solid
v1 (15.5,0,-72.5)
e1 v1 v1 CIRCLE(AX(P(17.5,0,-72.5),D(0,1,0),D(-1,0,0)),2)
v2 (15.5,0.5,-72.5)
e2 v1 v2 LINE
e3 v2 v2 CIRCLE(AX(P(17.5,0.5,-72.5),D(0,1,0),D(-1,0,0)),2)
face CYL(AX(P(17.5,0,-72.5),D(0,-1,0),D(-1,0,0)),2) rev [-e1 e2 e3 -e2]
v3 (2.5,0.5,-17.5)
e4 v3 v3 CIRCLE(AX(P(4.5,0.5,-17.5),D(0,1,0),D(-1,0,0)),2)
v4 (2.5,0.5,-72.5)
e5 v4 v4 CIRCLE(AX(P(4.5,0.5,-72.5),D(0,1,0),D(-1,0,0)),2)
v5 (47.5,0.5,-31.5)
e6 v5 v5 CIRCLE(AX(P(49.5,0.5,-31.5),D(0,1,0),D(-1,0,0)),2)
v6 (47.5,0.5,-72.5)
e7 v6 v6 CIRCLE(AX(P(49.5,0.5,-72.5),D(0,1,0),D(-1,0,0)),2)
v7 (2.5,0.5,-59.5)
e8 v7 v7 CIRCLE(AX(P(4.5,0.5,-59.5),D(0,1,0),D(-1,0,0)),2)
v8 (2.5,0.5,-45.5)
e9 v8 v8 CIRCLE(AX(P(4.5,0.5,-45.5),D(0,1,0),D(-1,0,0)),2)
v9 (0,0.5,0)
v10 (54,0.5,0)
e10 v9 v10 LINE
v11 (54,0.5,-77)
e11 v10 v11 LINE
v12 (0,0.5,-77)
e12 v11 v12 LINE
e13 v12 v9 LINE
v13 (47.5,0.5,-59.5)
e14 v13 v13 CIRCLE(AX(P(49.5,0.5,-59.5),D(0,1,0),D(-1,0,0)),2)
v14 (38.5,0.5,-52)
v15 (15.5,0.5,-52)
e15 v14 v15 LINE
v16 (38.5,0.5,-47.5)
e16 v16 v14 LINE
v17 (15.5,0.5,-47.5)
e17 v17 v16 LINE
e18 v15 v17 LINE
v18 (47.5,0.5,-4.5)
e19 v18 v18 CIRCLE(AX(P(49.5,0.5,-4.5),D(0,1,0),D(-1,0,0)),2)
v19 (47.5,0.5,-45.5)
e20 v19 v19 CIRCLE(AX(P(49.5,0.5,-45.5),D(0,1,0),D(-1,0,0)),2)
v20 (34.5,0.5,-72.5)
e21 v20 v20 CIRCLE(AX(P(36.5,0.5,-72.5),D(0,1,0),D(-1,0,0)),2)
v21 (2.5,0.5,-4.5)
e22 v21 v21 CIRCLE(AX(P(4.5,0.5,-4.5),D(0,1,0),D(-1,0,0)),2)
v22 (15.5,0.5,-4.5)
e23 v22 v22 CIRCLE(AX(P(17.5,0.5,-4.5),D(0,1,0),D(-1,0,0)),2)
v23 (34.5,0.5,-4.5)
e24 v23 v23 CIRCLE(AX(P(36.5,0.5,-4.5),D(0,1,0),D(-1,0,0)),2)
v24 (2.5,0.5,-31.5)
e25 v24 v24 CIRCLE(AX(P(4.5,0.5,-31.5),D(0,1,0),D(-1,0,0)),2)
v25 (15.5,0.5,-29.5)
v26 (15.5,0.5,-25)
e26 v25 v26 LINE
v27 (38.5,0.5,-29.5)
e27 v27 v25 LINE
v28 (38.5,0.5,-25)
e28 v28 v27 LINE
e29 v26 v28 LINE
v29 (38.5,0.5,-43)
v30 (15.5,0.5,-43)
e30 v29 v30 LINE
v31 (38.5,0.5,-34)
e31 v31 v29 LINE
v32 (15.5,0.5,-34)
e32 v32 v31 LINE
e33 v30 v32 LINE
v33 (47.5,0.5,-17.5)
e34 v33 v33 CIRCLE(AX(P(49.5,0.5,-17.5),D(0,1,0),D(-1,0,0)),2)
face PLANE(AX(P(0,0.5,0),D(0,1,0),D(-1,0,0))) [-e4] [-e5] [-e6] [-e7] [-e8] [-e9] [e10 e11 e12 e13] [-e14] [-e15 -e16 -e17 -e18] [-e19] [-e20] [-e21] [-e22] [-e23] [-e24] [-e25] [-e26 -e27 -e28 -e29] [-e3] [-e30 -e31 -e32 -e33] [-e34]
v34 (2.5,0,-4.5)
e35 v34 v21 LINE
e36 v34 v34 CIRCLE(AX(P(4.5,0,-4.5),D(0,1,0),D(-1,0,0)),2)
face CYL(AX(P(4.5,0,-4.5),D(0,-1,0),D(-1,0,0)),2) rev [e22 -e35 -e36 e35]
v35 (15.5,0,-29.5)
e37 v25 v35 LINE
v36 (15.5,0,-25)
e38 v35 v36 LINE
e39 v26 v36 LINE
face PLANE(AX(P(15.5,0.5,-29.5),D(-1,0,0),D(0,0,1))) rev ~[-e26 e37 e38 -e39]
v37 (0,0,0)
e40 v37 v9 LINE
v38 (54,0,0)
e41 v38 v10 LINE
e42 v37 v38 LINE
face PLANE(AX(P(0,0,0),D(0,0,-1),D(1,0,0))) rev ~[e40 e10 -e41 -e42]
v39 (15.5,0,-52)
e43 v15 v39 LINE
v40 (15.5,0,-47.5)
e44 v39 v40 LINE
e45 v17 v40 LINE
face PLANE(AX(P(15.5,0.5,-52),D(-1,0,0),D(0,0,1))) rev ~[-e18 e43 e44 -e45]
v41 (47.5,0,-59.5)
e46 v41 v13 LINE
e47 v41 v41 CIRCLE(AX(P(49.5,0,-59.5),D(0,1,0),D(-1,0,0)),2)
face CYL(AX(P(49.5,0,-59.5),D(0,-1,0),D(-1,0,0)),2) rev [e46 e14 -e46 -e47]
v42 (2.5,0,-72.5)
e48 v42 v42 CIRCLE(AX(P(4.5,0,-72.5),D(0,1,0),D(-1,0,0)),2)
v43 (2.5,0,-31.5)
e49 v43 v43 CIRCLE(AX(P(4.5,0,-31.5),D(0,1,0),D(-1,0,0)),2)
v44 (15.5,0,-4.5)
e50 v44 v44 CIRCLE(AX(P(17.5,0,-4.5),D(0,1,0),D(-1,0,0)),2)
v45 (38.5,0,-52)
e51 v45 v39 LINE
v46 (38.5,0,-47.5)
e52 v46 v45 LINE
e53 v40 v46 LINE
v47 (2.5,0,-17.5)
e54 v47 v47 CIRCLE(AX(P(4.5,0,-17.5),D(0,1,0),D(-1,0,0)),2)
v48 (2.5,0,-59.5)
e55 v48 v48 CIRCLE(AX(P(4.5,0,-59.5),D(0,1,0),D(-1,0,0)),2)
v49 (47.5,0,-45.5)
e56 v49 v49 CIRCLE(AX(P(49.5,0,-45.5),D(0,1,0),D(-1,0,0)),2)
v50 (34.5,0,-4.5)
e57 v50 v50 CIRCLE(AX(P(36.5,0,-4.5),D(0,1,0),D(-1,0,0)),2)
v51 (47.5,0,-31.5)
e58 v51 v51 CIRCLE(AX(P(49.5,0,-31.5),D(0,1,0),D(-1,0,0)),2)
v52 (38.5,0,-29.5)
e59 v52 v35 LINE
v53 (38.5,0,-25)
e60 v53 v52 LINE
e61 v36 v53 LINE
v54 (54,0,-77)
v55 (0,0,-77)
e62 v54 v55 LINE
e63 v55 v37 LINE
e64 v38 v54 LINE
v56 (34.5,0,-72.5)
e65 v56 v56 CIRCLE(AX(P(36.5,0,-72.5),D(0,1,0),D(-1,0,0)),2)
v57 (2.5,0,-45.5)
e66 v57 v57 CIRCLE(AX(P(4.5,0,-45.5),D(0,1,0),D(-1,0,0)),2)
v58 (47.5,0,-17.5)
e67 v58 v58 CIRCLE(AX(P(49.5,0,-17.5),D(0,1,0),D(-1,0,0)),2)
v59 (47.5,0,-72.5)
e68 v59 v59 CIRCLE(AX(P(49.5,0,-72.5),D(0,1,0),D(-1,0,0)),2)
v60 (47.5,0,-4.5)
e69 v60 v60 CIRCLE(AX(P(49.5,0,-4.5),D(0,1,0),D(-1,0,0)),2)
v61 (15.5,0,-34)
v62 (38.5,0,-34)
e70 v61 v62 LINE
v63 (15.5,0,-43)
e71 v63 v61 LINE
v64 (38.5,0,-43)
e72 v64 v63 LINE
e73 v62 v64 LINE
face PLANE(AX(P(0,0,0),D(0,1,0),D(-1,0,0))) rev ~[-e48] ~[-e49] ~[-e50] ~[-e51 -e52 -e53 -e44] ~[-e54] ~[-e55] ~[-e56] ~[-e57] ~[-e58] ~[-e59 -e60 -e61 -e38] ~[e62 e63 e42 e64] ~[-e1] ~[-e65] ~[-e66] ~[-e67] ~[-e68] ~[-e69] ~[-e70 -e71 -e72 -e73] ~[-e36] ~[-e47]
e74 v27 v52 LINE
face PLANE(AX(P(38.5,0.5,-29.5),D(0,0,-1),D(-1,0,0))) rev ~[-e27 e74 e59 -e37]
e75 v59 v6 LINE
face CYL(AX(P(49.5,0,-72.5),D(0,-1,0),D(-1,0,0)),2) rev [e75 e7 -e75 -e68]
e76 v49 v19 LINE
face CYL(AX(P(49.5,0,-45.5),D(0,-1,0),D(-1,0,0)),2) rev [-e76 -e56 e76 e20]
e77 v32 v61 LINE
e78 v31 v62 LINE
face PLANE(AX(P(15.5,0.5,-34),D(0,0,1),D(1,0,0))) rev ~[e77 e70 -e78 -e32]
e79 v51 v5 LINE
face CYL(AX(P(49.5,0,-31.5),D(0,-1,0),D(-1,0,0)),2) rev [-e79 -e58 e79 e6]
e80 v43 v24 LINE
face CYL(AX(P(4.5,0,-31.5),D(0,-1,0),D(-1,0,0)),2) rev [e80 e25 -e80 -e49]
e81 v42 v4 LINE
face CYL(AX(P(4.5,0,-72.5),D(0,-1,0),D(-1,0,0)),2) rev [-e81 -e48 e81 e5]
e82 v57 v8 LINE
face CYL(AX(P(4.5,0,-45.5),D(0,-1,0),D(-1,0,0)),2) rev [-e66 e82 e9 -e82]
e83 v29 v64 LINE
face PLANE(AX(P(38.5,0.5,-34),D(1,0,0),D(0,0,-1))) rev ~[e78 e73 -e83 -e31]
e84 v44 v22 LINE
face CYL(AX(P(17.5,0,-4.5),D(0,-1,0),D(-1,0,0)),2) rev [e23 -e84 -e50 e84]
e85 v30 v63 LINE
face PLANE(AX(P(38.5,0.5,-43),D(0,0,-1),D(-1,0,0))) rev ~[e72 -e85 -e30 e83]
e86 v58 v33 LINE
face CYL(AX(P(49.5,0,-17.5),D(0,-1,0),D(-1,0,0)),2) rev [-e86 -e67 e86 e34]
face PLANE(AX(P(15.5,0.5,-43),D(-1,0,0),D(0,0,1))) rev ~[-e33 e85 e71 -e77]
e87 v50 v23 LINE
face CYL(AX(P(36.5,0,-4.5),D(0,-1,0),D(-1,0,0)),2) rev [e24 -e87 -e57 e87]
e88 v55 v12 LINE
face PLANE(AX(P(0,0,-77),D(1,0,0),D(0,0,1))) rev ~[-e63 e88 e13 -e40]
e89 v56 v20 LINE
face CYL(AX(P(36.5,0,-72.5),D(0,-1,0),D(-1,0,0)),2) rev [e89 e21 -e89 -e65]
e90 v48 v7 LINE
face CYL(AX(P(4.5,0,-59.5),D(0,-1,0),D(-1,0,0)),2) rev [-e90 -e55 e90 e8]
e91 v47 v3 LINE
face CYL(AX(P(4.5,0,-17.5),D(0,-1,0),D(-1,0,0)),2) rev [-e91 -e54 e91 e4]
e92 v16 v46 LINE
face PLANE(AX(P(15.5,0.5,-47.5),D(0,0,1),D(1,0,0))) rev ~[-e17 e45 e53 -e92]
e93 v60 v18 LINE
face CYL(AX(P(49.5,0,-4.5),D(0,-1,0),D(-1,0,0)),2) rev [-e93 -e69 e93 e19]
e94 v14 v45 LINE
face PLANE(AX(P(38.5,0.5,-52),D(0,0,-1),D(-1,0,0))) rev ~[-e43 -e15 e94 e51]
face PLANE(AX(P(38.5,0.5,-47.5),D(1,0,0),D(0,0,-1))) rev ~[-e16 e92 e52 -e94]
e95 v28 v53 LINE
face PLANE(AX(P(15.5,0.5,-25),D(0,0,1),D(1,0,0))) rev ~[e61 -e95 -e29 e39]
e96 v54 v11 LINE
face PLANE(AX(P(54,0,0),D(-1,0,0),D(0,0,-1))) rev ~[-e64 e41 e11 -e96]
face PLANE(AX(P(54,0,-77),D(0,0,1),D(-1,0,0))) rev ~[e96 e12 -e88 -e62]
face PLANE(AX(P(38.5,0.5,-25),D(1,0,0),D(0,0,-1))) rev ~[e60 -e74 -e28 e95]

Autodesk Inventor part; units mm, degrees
ref_plane "YZ Plane" through (0, 0, 0) normal (1, 0, 0) x (0, 1, 0)
ref_plane "XZ Plane" through (0, 0, 0) normal (0, 1, 0) x (-1, 0, 0)
ref_plane "XY Plane" through (0, 0, 0) normal (0, 0, 1) x (1, 0, 0)
sketch "Sketch1" plane through (0, 0, 0) normal (0, 1, 0) x (-1, 0, 0)
  line L0 (0, 0) -> (-54, 0)
  line L1 (-54, 0) -> (-54, -77)
  line L2 (-54, -77) -> (0, -77)
  line L3 (0, -77) -> (0, 0)
  line L4 (-4.5, -4.5) -> (-49.5, -4.5) construction
  line L5 (-49.5, -4.5) -> (-49.5, -72.5) construction
  line L6 (-49.5, -72.5) -> (-4.5, -72.5) construction
  line L7 (-4.5, -72.5) -> (-4.5, -4.5) construction
  circle A0 centre (-4.5, -4.5) radius 2
  circle A1 centre (-17.5, -4.5) radius 2
  circle A2 centre (-49.5, -4.5) radius 2
  circle A3 centre (-49.5, -17.5) radius 2
  circle A4 centre (-49.5, -31.5) radius 2
  circle A5 centre (-49.5, -45.5) radius 2
  circle A6 centre (-49.5, -59.5) radius 2
  circle A7 centre (-49.5, -72.5) radius 2
  circle A8 centre (-36.5, -72.5) radius 2
  circle A9 centre (-17.5, -72.5) radius 2
  circle A10 centre (-4.5, -72.5) radius 2
  circle A11 centre (-4.5, -59.5) radius 2
  circle A12 centre (-4.5, -45.5) radius 2
  circle A13 centre (-4.5, -31.5) radius 2
  circle A14 centre (-4.5, -17.5) radius 2
  circle A15 centre (-36.5, -4.5) radius 2
  dimension "d0" = 54
  dimension "d1" = 77
  dimension "d2" = 4
  dimension "d3" = 4
  dimension "d5" = 4
  dimension "d6" = 4
  dimension "d7" = 4
  dimension "d8" = 4
  dimension "d9" = 4
  dimension "d10" = 4
  dimension "d11" = 4
  dimension "d12" = 4
  dimension "d13" = 4
  dimension "d14" = 4
  dimension "d15" = 4
  dimension "d16" = 4
  dimension "d17" = 4
  dimension "d18" = 4.5
  dimension "d20" = 4.5
  dimension "d21" = 4.5
  dimension "d22" = 4.5
  dimension "d23" = 13
  dimension "d27" = 14
  dimension "d28" = 14
  dimension "d29" = 14
  dimension "d30" = 4.5
  dimension "d31" = 4
  dimension "d32" = 13
  dimension "d33" = 19
  dimension "d34" = 13
  dimension "d35" = 14
  dimension "d36" = 14
  dimension "d37" = 14
  dimension "d38" = 13
  dimension "d39" = 19
extrude "Extrusion1" add sketch "Sketch1" along normal blind 0.5
sketch "Sketch2" plane through (0, 0.5, 0) normal (0, 1, 0) x (1, 0, 0)
  line L0 (15.5, 47.5) -> (38.5, 47.5)
  line L1 (38.5, 47.5) -> (38.5, 52)
  line L2 (38.5, 52) -> (15.5, 52)
  line L3 (15.5, 52) -> (15.5, 47.5)
  line L4 (27, 0) -> (27, 77) construction
  line L5 (54, 0) -> (54, 77) projected
  line L6 (0, 38.5) -> (54, 38.5) construction
  line L7 (54, 77) -> (0, 77) projected
  line L8 (15.5, 34) -> (38.5, 34)
  line L9 (38.5, 34) -> (38.5, 43)
  line L10 (38.5, 43) -> (15.5, 43)
  line L11 (15.5, 43) -> (15.5, 34)
  line L12 (15.5, 25) -> (38.5, 25)
  line L13 (38.5, 25) -> (38.5, 29.5)
  line L14 (38.5, 29.5) -> (15.5, 29.5)
  line L15 (15.5, 29.5) -> (15.5, 25)
  circle A0 centre (4.5, 45.5) radius 2 projected
  circle A1 centre (4.5, 31.5) radius 2 projected
  point P0 (0, 0)
  point P1 (15.5, 38.5)
  point P2 (27, 43)
  point P3 (27, 47.5)
  point P4 (27, 29.5)
  dimension "d42" = 27
  dimension "d43" = 38.5
  dimension "d47" = 9
  dimension "d48" = 23
  dimension "d49" = 4.5
  dimension "d50" = 4.5
  dimension "d51" = 23
  dimension "d52" = 4.5
  dimension "d53" = 4.5
extrude "Extrusion2" cut sketch "Sketch2" against normal through all contours L3 L2 L1 L0 | L11 L10 L9 L8 | L15 L14 L13 L12
properties part number "1-33"
